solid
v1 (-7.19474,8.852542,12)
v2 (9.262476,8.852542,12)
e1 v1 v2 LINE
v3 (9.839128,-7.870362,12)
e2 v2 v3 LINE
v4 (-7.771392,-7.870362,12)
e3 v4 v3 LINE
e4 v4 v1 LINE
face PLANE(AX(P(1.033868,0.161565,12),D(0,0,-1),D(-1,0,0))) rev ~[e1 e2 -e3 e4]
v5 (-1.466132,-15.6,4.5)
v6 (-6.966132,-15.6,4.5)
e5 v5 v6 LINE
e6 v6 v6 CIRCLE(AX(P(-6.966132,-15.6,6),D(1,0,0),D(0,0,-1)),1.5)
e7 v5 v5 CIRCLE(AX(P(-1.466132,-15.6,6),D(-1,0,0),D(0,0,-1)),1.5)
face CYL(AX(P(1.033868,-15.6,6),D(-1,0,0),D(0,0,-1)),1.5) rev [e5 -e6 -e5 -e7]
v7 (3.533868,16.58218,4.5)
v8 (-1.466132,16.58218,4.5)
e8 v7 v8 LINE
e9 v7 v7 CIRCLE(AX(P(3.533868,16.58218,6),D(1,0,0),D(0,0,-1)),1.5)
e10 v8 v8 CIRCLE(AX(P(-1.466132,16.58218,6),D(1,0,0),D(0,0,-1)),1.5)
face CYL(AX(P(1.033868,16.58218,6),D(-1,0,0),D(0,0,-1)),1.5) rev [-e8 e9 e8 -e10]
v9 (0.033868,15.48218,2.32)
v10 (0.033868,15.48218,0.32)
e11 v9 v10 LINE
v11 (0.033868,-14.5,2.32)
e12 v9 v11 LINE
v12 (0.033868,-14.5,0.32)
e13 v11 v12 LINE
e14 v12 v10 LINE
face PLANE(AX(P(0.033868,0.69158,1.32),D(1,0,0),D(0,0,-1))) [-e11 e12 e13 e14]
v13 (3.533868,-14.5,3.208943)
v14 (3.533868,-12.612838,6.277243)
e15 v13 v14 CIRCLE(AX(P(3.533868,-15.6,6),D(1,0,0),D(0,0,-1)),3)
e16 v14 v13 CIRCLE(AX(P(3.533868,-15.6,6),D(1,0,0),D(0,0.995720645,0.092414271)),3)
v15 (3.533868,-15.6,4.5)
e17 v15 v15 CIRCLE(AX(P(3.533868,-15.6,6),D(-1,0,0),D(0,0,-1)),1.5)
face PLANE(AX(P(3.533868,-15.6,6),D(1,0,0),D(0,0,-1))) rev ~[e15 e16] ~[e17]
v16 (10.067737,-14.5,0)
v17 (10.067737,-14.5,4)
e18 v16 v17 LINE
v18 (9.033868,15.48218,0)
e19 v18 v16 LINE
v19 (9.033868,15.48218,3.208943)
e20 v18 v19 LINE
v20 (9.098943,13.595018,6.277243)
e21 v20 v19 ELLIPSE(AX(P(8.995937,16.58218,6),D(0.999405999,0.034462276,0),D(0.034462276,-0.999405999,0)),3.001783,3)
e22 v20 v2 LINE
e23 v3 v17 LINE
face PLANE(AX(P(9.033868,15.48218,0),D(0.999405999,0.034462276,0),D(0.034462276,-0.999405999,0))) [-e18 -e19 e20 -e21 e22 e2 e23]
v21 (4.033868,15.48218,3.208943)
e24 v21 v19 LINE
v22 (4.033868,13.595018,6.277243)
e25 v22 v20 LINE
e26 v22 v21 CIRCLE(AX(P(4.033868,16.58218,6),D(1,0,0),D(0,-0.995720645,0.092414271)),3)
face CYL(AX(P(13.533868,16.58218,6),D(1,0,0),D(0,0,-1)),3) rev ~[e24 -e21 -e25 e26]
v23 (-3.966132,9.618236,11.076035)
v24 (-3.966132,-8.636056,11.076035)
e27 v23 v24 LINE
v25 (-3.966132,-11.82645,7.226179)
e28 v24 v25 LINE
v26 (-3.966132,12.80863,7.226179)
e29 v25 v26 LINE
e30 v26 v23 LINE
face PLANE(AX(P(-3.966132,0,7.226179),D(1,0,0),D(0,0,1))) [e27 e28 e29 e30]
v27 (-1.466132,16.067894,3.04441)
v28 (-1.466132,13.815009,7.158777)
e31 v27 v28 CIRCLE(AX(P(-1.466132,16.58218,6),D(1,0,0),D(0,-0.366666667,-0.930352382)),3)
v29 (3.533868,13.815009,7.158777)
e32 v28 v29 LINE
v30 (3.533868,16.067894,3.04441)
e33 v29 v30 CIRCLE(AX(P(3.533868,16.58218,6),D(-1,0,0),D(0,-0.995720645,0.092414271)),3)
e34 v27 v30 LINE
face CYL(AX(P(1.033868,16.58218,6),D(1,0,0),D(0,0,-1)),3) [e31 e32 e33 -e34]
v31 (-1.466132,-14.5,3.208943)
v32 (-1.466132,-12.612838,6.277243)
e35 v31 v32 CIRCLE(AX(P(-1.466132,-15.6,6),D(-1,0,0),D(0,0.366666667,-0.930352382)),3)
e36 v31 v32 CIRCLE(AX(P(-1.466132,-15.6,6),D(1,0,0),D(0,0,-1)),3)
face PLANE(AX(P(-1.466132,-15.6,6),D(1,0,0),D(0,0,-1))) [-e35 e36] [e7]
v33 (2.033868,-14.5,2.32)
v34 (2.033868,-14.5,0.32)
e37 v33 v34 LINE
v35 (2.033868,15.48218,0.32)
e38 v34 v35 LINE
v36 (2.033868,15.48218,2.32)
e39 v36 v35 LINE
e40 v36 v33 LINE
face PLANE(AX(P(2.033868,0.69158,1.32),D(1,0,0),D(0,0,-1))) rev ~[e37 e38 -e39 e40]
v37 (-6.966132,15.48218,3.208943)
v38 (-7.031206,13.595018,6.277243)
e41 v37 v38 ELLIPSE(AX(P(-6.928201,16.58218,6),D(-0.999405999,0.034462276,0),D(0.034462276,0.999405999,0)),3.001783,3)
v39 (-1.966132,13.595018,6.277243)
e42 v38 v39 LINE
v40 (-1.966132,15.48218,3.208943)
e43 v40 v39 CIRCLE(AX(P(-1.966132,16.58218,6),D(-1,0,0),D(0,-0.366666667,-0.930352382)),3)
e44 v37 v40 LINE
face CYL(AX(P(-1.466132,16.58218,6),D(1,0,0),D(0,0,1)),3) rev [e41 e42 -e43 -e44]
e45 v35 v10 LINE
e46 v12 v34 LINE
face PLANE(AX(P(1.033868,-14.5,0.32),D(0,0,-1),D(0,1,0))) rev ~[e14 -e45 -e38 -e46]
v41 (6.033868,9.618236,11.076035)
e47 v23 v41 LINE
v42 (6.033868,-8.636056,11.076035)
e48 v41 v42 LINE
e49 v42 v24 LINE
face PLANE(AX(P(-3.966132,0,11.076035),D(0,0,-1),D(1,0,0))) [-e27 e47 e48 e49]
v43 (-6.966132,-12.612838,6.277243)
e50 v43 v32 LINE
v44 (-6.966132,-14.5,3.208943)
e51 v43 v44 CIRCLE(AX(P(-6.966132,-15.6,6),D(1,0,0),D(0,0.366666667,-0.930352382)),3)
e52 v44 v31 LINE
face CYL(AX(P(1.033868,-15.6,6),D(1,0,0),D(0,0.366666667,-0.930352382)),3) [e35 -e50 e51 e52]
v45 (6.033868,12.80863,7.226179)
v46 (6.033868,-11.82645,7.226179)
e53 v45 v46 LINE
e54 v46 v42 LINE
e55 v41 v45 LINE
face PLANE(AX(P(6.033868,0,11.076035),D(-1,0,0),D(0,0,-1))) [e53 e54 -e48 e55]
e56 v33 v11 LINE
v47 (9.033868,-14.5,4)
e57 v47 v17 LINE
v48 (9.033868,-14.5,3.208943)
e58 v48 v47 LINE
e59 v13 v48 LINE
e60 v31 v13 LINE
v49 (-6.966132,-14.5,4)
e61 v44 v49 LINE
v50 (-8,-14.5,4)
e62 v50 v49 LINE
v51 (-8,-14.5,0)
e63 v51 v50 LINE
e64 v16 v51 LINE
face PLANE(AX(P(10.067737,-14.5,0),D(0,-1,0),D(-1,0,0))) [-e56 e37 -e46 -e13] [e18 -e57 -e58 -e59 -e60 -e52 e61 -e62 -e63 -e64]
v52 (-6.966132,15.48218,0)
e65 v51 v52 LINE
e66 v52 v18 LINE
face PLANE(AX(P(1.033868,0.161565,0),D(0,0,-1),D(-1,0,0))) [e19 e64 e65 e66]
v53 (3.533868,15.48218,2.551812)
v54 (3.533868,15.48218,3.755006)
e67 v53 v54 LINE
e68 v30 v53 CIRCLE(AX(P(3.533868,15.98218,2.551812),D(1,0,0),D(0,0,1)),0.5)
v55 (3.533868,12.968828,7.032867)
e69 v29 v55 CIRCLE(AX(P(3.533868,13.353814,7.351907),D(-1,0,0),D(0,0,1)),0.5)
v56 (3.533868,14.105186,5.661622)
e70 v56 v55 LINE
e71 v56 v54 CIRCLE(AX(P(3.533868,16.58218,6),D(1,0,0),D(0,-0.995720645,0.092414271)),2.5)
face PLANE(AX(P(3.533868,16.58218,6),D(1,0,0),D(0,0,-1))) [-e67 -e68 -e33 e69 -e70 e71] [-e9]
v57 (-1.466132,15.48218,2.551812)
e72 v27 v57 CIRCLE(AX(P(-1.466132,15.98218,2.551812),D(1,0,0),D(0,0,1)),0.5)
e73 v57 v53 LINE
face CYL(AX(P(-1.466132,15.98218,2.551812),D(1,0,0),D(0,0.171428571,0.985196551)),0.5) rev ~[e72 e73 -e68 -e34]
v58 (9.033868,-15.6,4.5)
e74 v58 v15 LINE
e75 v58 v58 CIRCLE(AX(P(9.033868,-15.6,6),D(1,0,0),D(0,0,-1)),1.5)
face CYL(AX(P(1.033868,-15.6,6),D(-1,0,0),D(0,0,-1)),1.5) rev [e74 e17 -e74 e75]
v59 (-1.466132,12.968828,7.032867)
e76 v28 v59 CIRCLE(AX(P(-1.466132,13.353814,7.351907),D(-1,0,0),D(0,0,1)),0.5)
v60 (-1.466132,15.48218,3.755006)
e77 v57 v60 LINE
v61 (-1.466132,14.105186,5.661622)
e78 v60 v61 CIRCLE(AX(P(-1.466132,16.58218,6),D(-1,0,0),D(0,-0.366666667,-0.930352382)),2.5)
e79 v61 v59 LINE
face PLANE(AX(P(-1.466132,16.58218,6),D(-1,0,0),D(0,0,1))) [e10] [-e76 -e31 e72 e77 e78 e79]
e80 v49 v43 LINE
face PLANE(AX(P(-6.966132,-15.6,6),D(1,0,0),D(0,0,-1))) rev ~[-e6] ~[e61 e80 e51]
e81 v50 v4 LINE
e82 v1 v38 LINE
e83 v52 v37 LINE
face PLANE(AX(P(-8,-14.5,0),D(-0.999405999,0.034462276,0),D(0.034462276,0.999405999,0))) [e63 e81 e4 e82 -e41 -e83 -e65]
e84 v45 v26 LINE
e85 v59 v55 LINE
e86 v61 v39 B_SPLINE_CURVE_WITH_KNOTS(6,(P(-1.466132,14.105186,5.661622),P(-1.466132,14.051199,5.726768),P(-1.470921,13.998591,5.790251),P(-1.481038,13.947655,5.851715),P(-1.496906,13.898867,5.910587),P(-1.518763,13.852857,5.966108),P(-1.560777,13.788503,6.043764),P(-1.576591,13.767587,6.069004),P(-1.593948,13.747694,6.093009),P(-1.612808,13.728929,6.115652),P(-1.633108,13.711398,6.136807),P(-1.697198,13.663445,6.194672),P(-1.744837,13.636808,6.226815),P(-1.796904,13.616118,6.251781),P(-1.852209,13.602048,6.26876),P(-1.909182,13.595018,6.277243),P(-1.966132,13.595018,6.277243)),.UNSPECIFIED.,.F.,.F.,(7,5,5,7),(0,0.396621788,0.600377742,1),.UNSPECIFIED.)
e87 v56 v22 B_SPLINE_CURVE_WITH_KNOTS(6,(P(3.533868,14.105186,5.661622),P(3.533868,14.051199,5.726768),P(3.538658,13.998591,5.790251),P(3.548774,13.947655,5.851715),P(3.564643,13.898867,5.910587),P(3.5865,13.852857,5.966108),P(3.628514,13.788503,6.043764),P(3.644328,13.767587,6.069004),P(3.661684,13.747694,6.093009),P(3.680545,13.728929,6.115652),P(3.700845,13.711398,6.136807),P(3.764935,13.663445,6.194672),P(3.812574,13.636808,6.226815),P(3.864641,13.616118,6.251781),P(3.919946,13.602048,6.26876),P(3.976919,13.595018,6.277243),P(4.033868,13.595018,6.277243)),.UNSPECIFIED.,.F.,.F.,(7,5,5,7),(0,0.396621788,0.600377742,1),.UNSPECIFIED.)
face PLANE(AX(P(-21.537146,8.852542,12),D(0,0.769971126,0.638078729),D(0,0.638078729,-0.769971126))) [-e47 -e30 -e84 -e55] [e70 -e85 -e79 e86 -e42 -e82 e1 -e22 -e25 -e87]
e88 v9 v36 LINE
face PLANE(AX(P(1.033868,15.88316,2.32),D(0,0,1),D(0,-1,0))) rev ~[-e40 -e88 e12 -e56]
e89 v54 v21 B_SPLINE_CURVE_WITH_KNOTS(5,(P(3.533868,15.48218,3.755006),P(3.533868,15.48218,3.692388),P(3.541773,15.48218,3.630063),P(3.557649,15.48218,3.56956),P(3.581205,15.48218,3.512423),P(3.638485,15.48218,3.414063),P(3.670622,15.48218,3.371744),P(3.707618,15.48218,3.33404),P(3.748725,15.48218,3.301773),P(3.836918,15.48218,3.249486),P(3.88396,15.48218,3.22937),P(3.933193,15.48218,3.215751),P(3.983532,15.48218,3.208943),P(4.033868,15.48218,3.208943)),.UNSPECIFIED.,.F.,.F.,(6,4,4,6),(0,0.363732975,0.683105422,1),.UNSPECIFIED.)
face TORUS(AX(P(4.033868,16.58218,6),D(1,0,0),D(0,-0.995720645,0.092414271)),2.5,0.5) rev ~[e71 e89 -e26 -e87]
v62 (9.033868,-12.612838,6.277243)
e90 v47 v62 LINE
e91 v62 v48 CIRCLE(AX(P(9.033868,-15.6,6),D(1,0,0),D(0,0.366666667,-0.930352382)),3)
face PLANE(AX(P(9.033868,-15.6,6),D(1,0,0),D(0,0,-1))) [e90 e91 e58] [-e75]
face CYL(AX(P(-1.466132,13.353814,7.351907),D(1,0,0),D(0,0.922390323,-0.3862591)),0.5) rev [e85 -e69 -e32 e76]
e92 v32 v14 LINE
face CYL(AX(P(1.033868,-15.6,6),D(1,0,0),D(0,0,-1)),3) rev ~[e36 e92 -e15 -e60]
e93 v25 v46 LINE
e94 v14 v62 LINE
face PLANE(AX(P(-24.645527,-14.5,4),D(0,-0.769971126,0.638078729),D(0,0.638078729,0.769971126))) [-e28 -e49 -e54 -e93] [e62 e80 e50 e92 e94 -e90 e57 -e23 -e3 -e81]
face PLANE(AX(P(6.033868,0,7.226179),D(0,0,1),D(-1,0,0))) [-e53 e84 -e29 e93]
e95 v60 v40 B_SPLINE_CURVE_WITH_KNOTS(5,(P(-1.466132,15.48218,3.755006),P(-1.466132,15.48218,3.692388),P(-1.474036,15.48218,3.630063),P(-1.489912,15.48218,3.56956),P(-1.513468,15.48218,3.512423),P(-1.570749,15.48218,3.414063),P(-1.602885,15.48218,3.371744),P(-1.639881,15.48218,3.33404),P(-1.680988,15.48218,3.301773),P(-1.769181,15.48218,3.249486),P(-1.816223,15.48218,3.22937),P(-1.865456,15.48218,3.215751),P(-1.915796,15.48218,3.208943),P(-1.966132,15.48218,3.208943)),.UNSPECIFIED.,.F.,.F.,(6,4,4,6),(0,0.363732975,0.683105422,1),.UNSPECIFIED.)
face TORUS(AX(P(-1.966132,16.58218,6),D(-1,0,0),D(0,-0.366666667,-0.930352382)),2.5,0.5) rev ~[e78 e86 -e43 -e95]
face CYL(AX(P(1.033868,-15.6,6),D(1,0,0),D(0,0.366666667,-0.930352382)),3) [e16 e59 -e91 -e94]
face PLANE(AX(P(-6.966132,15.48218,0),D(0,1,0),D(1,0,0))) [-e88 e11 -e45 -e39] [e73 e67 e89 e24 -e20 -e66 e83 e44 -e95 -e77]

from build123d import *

# Parameters (mm, degrees)
BOSS_EXTRUDE2_DEPTH            = 12
CUT_EXTRUDE2_DEPTH             = 22.571014648492383
CUT_EXTRUDE2_DEPTH_BACK        = 22.571014648492383
SKETCH17_R                     = 3.0000000000000298
SKETCH17_R_2                   = 1.5
BOSS_EXTRUDE3_DEPTH            = 2.5
CUT_EXTRUDE3_DEPTH             = 25.679395227729078
CUT_EXTRUDE3_DEPTH_BACK        = 25.679395227729078
SKETCH19_R                     = 1.4999999999999996
BOSS_EXTRUDE4_DEPTH            = 8
SKETCH19_3_R                   = 3.0000000000000004
CUT_EXTRUDE4_DEPTH             = 2.5
CUT_EXTRUDE5_START             = 10
SKETCH20_R                     = 2.9999999999999996
CUT_EXTRUDE5_DEPTH             = 10
SKETCH21_R                     = 2.999999999999999
CUT_EXTRUDE6_DEPTH             = 10
FILLET6_R                      = 0.5000000000000004
FILLET7_R                      = 0.5000000000000004
FILLET8_R                      = 0.5000000000000004
CUT_EXTRUDE7_REACH             = 27.076
CUT_EXTRUDE7_DIRECTION_2_REACH = 27.076
CUT_EXTRUDE8_DEPTH             = 1


with BuildPart() as part:
    # Sketch1 → Boss-Extrude2 (new body)
    with BuildSketch(Plane.XY):
        Polygon((-7.999999999999995, -14.500000000000002), (-6.966131724806635, 15.482179980607619), (9.033868275193369, 15.482179980607619), (10.067736550386755, -14.500000000000002), align=None)
    extrude(amount=BOSS_EXTRUDE2_DEPTH)

    # Sketch16 → Cut-Extrude2 (cut, two sides: drawn at the far end of the back side and taken through both)
    with BuildSketch(Plane(origin=(1.0338682751933665, 0, 0), x_dir=(0, 0, -1), z_dir=(1, 0, 0)).offset(-CUT_EXTRUDE2_DEPTH_BACK)):
        Polygon((-12, 8.852541981440545), (-4, 15.482179980607619), (-12, 15.482179980607619), align=None)
    extrude(amount=CUT_EXTRUDE2_DEPTH + CUT_EXTRUDE2_DEPTH_BACK, mode=Mode.SUBTRACT)

    # Sketch17 → Boss-Extrude3 (add, symmetric)
    with BuildSketch(Plane(origin=(1.0338682751933665, 0, 0), x_dir=(0, 0, -1), z_dir=(1, 0, 0))):
        with Locations((-6.000000000000029, 16.582179980607627)):
            Circle(SKETCH17_R)
        with Locations((-6.000000000000001, 16.58217998060762)):
            Circle(SKETCH17_R_2, mode=Mode.SUBTRACT)
    extrude(amount=BOSS_EXTRUDE3_DEPTH, both=True)

    # Sketch18 → Cut-Extrude3 (cut, two sides: drawn at the far end of the back side and taken through both)
    with BuildSketch(Plane(origin=(1.0338682751933665, 0, 0), x_dir=(0, 0, -1), z_dir=(1, 0, 0)).offset(-CUT_EXTRUDE3_DEPTH_BACK)):
        Polygon((-12, -14.500000000000002), (-4, -14.500000000000002), (-12, -7.870362000832929), align=None)
    extrude(amount=CUT_EXTRUDE3_DEPTH + CUT_EXTRUDE3_DEPTH_BACK, mode=Mode.SUBTRACT)

    # Sketch19 → Boss-Extrude4 (add, symmetric)
    with BuildSketch(Plane(origin=(1.0338682751933665, 0, 0), x_dir=(0, 0, -1), z_dir=(1, 0, 0))):
        with BuildLine():
            ThreePointArc((-8.791057147390573, -14.500000000000002), (-6.5598341530436866, -18.547301430306355), (-2.9999999999999996, -15.600000000000003))
            ThreePointArc((-2.9999999999999996, -15.600000000000003), (-3.0526985696936495, -15.040165846956317), (-3.2089428526094275, -14.500000000000002))
            ThreePointArc((-3.2089428526094275, -14.500000000000002), (-6, -12.600000000000003), (-8.791057147390573, -14.500000000000002))
        make_face()
        with Locations((-6, -15.600000000000003)):
            Circle(SKETCH19_R, mode=Mode.SUBTRACT)
    extrude(amount=BOSS_EXTRUDE4_DEPTH, both=True)

    # Sketch19<3> → Cut-Extrude4 (cut, symmetric)
    with BuildSketch(Plane(origin=(1.0338682751933665, 0, 0), x_dir=(0, 0, -1), z_dir=(1, 0, 0))):
        with Locations((-6, -15.600000000000003)):
            Circle(SKETCH19_3_R)
    extrude(amount=CUT_EXTRUDE4_DEPTH, both=True, mode=Mode.SUBTRACT)

    # Sketch20 → Cut-Extrude5 (cut)
    with BuildSketch(Plane(origin=(3.5338682751933668, 0, 0), x_dir=(0, 0, -1), z_dir=(1, 0, 0)).offset(CUT_EXTRUDE5_START)):
        with Locations((-6, 16.58217998060762)):
            Circle(SKETCH20_R)
    extrude(amount=-CUT_EXTRUDE5_DEPTH, mode=Mode.SUBTRACT)

    # Sketch21 → Cut-Extrude6 (cut)
    with BuildSketch(Plane.ZY.offset(1.4661317248066335)):
        with Locations((6, 16.58217998060762)):
            Circle(SKETCH21_R)
    extrude(amount=CUT_EXTRUDE6_DEPTH, mode=Mode.SUBTRACT)

    # Fillet6
    fillet6_edges = [part.edges().sort_by_distance(p)[0] for p in [
        (1.0338682751933665, 13.59501804601977, 6.277242811538059),
    ]]
    fillet(fillet6_edges, radius=FILLET6_R)

    # Fillet7
    fillet7_edges = [part.edges().sort_by_distance(p)[0] for p in [
        (1.0338682751933665, 15.482179980607619, 3.208942852609428),
    ]]
    fillet(fillet7_edges, radius=FILLET7_R)

    # Fillet8
    fillet8_edges = [part.edges().sort_by_distance(p)[0] for p in [
        (3.5338682751933668, 14.026824950601753, 4.428325520146199),
        (-1.4661317248066335, 14.026824950601755, 4.428325520146199),
    ]]
    fillet(fillet8_edges, radius=FILLET8_R)

    # Cut-Extrude7: up to this plane
    cut_extrude7_end = Plane(origin=(-7.999999999999995, -10.561614048947142, 8.752459728929596), z_dir=(0, 0.769971126082772, -0.6380787294674758))
    # Sketch24 → Cut-Extrude7 (cut, up to the surface)
    with BuildSketch(Plane(origin=(0, 0, 0), x_dir=(1, 0, 0), z_dir=(0, 1, 0)), mode=Mode.PRIVATE) as cut_extrude7_sk1:
        Polygon((-3.966131724806632, -7.226179018286816), (-3.966131724806632, -11.076034648700675), (6.0338682751933685, -11.076034648700674), (6.0338682751933685, -7.226179018286816), align=None)
    cut_extrude7_tool1 = split(extrude(cut_extrude7_sk1.sketch, amount=-CUT_EXTRUDE7_REACH, mode=Mode.PRIVATE), bisect_by=cut_extrude7_end, keep=Keep.BOTH, mode=Mode.PRIVATE)
    add(cut_extrude7_tool1.solids().sort_by_distance((1.033868, 0, 9.151107))[0], mode=Mode.SUBTRACT)

    # Cut-Extrude7 direction 2: up to this plane
    cut_extrude7_direction_2_end = Plane(origin=(-7.999999999999995, 11.14390488681771, 9.23500691209379), z_dir=(0, 0.769971126082772, 0.6380787294674758))
    # Sketch24 → Cut-Extrude7 direction 2 (cut, up to the surface)
    with BuildSketch(Plane(origin=(0, 0, 0), x_dir=(1, 0, 0), z_dir=(0, 1, 0)), mode=Mode.PRIVATE) as cut_extrude7_direction_2_sk1:
        Polygon((-3.966131724806632, -7.226179018286816), (-3.966131724806632, -11.076034648700675), (6.0338682751933685, -11.076034648700674), (6.0338682751933685, -7.226179018286816), align=None)
    cut_extrude7_direction_2_tool1 = split(extrude(cut_extrude7_direction_2_sk1.sketch, amount=CUT_EXTRUDE7_DIRECTION_2_REACH, mode=Mode.PRIVATE), bisect_by=cut_extrude7_direction_2_end, keep=Keep.BOTH, mode=Mode.PRIVATE)
    add(cut_extrude7_direction_2_tool1.solids().sort_by_distance((1.033868, 0, 9.151107))[0], mode=Mode.SUBTRACT)

    # Sketch25 → Cut-Extrude8 (cut, symmetric)
    with BuildSketch(Plane(origin=(1.0338682751933665, 0, 0), x_dir=(0, 0, -1), z_dir=(1, 0, 0))):
        Polygon((-2.32, -14.500000000000002), (-0.31999999999999995, -14.500000000000002), (-0.31999999999999995, -14.381743641915115), (-0.31999999999999995, 15.883160410365697), (-2.32, 15.883160410365697), (-2.32, -14.381743641915115), align=None)
    extrude(amount=CUT_EXTRUDE8_DEPTH, both=True, mode=Mode.SUBTRACT)


solid = part.part
